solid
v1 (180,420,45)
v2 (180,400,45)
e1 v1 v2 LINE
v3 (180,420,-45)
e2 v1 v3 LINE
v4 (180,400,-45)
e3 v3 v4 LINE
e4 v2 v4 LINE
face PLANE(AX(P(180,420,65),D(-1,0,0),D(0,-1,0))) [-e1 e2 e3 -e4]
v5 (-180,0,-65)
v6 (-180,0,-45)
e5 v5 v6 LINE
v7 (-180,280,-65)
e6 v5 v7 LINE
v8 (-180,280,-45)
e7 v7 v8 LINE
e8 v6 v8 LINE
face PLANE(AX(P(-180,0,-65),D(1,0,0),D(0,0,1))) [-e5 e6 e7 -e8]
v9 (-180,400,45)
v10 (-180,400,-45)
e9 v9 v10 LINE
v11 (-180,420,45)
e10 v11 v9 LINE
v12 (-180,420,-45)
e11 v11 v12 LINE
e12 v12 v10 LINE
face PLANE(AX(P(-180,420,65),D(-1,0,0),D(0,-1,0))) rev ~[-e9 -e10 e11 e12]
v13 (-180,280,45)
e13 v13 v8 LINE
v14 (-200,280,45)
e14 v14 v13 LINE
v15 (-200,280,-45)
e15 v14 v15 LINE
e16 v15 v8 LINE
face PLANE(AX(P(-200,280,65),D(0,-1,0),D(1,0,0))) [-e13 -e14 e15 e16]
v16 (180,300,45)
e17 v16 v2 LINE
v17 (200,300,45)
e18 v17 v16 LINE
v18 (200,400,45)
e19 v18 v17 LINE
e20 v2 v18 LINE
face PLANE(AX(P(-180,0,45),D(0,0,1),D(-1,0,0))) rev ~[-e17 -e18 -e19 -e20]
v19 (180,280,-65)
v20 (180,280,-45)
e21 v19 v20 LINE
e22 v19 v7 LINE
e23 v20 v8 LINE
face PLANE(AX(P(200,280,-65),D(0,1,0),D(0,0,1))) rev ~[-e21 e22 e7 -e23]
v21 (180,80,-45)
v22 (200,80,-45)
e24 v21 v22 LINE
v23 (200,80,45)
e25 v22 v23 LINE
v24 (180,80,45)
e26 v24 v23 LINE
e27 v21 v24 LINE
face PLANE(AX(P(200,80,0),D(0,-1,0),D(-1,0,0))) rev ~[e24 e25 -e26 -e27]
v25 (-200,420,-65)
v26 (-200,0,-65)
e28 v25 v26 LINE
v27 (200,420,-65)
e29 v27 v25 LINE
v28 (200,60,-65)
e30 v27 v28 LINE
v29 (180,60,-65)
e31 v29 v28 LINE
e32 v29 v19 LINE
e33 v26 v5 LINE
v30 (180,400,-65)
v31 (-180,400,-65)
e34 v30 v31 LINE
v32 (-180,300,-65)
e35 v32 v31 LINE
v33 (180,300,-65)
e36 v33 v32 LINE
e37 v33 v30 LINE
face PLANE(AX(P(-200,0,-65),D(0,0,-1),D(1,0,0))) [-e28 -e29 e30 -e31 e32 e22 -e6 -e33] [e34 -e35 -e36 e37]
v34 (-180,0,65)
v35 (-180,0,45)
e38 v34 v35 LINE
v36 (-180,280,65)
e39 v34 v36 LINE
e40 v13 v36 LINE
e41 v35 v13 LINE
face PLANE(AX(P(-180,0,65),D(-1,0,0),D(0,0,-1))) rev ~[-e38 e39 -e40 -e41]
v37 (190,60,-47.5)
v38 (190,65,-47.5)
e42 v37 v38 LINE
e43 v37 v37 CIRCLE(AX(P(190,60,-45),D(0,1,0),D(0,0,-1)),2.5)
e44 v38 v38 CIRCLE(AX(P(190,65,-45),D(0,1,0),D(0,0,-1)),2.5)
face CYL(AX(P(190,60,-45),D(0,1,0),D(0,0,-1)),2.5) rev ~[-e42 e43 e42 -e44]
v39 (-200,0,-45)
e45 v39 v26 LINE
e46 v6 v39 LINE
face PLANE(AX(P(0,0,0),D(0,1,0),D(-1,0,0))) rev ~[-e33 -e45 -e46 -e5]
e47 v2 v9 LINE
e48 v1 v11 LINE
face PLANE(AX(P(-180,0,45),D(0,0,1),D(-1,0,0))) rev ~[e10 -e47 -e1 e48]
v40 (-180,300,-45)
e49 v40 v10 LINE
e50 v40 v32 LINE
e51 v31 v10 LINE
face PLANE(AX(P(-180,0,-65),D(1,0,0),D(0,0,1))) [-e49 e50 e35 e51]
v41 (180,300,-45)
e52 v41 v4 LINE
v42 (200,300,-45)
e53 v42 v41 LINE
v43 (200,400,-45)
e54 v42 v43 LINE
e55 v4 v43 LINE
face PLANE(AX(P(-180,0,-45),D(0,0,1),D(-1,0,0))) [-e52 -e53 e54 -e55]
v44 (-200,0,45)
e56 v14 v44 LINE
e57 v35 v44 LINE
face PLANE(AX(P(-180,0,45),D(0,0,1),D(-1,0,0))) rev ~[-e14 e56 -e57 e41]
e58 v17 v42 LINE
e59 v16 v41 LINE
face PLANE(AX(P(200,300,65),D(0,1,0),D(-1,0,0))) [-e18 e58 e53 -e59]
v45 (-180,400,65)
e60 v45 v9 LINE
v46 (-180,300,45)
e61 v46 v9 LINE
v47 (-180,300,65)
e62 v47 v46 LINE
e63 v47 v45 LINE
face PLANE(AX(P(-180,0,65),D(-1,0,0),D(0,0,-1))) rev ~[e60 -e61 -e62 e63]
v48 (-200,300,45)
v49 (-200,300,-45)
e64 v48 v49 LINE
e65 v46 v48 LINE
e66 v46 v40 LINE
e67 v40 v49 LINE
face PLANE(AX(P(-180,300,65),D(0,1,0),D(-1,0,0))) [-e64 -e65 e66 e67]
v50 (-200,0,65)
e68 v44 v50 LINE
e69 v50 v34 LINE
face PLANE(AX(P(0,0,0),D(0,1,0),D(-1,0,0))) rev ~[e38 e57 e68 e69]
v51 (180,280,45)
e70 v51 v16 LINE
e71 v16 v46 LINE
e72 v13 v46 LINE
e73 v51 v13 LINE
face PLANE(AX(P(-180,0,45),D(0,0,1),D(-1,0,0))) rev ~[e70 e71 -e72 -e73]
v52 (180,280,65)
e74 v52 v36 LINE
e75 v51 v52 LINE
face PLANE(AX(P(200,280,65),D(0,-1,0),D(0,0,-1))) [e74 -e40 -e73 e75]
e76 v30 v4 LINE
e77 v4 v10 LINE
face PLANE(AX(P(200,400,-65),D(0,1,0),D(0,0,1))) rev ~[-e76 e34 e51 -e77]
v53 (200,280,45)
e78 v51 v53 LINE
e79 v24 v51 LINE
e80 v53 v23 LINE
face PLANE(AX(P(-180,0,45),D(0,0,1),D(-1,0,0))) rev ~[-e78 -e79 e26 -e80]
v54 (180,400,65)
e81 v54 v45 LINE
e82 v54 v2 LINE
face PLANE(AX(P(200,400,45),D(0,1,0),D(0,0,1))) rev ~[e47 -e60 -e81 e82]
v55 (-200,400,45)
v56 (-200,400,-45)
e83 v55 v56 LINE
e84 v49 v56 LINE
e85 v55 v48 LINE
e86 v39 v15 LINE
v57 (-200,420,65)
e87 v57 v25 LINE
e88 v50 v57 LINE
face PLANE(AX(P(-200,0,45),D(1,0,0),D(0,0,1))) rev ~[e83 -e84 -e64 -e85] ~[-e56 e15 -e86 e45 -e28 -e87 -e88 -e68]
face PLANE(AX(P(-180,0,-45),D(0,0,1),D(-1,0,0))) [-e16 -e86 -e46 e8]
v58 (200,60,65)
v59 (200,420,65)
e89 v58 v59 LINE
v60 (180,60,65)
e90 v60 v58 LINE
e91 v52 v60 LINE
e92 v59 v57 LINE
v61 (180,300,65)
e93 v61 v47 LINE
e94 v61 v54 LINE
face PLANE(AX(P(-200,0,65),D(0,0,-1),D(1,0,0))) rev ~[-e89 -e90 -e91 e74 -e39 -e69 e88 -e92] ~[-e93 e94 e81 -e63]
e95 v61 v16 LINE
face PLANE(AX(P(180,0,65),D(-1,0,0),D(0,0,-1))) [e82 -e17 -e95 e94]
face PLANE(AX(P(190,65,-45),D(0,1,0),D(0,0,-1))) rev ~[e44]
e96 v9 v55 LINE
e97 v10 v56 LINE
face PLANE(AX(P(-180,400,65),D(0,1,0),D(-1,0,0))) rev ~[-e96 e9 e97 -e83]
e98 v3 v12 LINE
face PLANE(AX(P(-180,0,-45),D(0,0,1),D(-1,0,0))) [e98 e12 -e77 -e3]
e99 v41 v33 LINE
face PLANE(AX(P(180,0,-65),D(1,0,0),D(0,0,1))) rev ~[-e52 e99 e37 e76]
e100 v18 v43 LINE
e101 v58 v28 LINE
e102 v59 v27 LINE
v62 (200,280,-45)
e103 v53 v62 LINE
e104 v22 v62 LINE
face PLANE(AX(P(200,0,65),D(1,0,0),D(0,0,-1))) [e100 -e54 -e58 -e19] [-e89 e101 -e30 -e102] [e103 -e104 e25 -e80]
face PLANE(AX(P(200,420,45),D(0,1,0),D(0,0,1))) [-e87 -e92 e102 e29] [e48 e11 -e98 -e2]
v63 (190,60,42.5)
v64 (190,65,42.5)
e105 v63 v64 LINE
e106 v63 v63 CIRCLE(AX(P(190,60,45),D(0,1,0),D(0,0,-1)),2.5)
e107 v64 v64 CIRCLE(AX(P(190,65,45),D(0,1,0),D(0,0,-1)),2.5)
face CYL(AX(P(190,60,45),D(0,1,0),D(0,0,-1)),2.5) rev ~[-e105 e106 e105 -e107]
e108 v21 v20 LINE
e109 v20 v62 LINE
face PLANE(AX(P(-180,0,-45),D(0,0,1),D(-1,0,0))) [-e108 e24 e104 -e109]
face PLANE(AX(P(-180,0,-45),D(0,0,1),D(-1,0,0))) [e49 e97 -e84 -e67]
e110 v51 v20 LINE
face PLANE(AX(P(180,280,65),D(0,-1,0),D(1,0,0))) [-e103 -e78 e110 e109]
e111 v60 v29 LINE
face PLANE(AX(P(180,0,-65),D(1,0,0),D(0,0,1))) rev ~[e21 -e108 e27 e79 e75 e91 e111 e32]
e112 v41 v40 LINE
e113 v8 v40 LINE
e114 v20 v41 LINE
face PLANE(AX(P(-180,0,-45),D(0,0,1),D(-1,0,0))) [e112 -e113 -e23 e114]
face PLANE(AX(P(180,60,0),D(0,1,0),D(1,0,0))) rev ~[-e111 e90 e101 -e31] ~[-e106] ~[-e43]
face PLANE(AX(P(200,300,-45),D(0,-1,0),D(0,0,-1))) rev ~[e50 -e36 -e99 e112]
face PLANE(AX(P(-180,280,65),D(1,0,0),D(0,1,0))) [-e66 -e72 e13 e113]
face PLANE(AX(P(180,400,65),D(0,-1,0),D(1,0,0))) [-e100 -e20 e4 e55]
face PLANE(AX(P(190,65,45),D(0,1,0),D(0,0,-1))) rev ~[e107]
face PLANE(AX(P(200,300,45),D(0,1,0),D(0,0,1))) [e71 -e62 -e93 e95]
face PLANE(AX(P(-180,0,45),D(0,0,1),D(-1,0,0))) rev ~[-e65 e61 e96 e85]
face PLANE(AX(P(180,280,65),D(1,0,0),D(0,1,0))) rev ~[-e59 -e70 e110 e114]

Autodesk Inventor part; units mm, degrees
ref_plane "YZ Plane" through (0, 0, 0) normal (1, 0, 0) x (0, 1, 0)
ref_plane "XZ Plane" through (0, 0, 0) normal (0, 1, 0) x (-1, 0, 0)
ref_plane "XY Plane" through (0, 0, 0) normal (0, 0, 1) x (1, 0, 0)
sketch "Эскиз1" plane through (0, 0, 0) normal (0, 1, 0) x (-1, 0, 0)
  line L0 (-200, 65) -> (200, 65) construction
  line L1 (200, 65) -> (200, -65) construction
  line L2 (200, -65) -> (-200, -65) construction
  line L3 (-200, -65) -> (-200, 65) construction
  line L4 (-200, 65) -> (200, -65) construction
  line L5 (200, 65) -> (-200, -65) construction
  line L6 (200, 65) -> (180, 65)
  line L7 (180, 65) -> (180, 45)
  line L8 (180, 45) -> (200, 45)
  line L9 (200, 45) -> (200, 65)
  line L10 (200, -65) -> (180, -65)
  line L11 (180, -65) -> (180, -45)
  line L12 (180, -45) -> (200, -45)
  line L13 (200, -45) -> (200, -65)
  line L14 (-200, 65) -> (-180, 65)
  line L15 (-180, 65) -> (-180, 45)
  line L16 (-180, 45) -> (-200, 45)
  line L17 (-200, 45) -> (-200, 65)
  line L18 (-200, -65) -> (-180, -65)
  line L19 (-180, -65) -> (-180, -45)
  line L20 (-180, -45) -> (-200, -45)
  line L21 (-200, -45) -> (-200, -65)
  point P0 (0, 0)
  dimension "d0" = 400
  dimension "d1" = 130
  dimension "d2" = 20
  dimension "d3" = 20
  dimension "d4" = 20
  dimension "d5" = 20
  dimension "d6" = 20
  dimension "d7" = 20
  dimension "d8" = 20
  dimension "d9" = 20
extrude "Выдавливание1" add sketch "Эскиз1" along normal blind 400
sketch "Эскиз2" plane through (200, 0, 65) normal (1, 0, 0) x (0, 0, -1)
  line L0 (20, 400) -> (0, 400) projected
  line L1 (0, 400) -> (20, 400)
  line L2 (20, 400) -> (20, 420)
  line L3 (20, 420) -> (0, 420)
  line L4 (0, 420) -> (0, 400)
  line L5 (130, 0) -> (130, 400) projected
  line L6 (130, 400) -> (110, 400)
  line L7 (110, 400) -> (110, 420)
  line L8 (110, 420) -> (130, 420)
  line L9 (130, 420) -> (130, 400)
  line L10 (0, 0) -> (0, 400) projected
  line L11 (0, 280) -> (20, 280)
  line L12 (20, 280) -> (20, 300)
  line L13 (20, 300) -> (0, 300)
  line L14 (0, 300) -> (0, 280)
  line L15 (110, 300) -> (130, 300)
  line L16 (130, 300) -> (130, 280)
  line L17 (130, 280) -> (110, 280)
  line L18 (110, 280) -> (110, 300)
  point P0 (65, 0)
  point P1 (0, 300)
  dimension "d12" = 20
  dimension "d13" = 20
  dimension "d14" = 20
  dimension "d15" = 20
  dimension "d25" = 20
  dimension "d26" = 20
  dimension "d27" = 100
  dimension "d28" = 20
  dimension "d29" = 20
  dimension "d30" = 100
  dimension "d31" = 90
extrude "Выдавливание2" add sketch "Эскиз2" against normal blind 400
sketch "Эскиз3" plane through (-200, 420, 65) normal (0, 0, 1) x (1, 0, 0)
  line L0 (0, -420) -> (0, 0) projected
  line L1 (20, -420) -> (20, -20) projected
  line L2 (0, 0) -> (20, 0)
  line L3 (20, 0) -> (20, -20)
  line L4 (20, -20) -> (0, -20)
  line L5 (0, -20) -> (0, 0)
  line L6 (380, -420) -> (380, -20) projected
  line L7 (400, -420) -> (400, 0) projected
  line L8 (380, -20) -> (400, -20)
  line L9 (400, -20) -> (400, 0)
  line L10 (400, 0) -> (380, 0)
  line L11 (380, 0) -> (380, -20)
  line L12 (0, -140) -> (20, -140)
  line L13 (20, -140) -> (20, -120)
  line L14 (20, -120) -> (0, -120)
  line L15 (0, -120) -> (0, -140)
  line L16 (380, -420) -> (380, -20) projected
  line L17 (400, -420) -> (400, 0) projected
  line L18 (380, -140) -> (400, -140)
  line L19 (400, -140) -> (400, -120)
  line L20 (400, -120) -> (380, -120)
  line L21 (380, -120) -> (380, -140)
  point P0 (200, -420)
  point P1 (20, -120)
  point P2 (0, -120)
  point P3 (20, -140)
  dimension "d20" = 20
  dimension "d21" = 20
  dimension "d22" = 100
  dimension "d23" = 100
  dimension "d24" = 20
extrude "Выдавливание3" add sketch "Эскиз3" against normal blind 130 contours L0 L14 L1 L12 | L0 L2 L3 L4 | L6 L20 L7 L18 | L11 L10 L7 L8
sketch "Эскиз4" plane through (200, 420, -65) normal (0, 0, -1) x (-1, 0, 0)
  point P0 (200, -420)
sketch "Эскиз7" plane through (0, 0, 0) normal (0, -1, 0) x (1, 0, 0)
  line L0 (232.9472, 106.3053) -> (134.9615, 106.3053)
  line L1 (134.9615, 106.3053) -> (134.9615, -101.9914)
  line L2 (134.9615, -101.9914) -> (232.9472, -101.9914)
  line L3 (232.9472, -101.9914) -> (232.9472, 106.3053)
  point P0 (0, 0)
extrude "Выдавливание5" cut sketch "Эскиз7" against normal blind 80
sketch "Эскиз9" plane through (0, 0, 0) normal (0, 0, 1) x (1, 0, 0)
  line L0 (200, 80) -> (180, 80) projected
  line L1 (200, 80) -> (180, 80)
  line L2 (180, 80) -> (180, 60)
  line L3 (180, 60) -> (200, 60)
  line L4 (200, 60) -> (200, 80)
  point P0 (0, 0)
  dimension "d45" = 20
  dimension "d46" = 20
extrude "Выдавливание6" add sketch "Эскиз9" along normal mid plane 130
sketch "Эскиз11" plane through (180, 60, 65) normal (0, -1, 0) x (1, 0, 0)
  line L0 (0, -20) -> (20, -20) projected
  line L1 (20, -110) -> (0, -110) projected
  point P0 (-180, -65)
  point P1 (10, -20)
  point P2 (10, -110)
hole "Отверстие3" at (190, 60, 45) at (190, 60, -45) direction (0, 1, 0) diameter 5 depth 5
properties part number "Подлокотник"
